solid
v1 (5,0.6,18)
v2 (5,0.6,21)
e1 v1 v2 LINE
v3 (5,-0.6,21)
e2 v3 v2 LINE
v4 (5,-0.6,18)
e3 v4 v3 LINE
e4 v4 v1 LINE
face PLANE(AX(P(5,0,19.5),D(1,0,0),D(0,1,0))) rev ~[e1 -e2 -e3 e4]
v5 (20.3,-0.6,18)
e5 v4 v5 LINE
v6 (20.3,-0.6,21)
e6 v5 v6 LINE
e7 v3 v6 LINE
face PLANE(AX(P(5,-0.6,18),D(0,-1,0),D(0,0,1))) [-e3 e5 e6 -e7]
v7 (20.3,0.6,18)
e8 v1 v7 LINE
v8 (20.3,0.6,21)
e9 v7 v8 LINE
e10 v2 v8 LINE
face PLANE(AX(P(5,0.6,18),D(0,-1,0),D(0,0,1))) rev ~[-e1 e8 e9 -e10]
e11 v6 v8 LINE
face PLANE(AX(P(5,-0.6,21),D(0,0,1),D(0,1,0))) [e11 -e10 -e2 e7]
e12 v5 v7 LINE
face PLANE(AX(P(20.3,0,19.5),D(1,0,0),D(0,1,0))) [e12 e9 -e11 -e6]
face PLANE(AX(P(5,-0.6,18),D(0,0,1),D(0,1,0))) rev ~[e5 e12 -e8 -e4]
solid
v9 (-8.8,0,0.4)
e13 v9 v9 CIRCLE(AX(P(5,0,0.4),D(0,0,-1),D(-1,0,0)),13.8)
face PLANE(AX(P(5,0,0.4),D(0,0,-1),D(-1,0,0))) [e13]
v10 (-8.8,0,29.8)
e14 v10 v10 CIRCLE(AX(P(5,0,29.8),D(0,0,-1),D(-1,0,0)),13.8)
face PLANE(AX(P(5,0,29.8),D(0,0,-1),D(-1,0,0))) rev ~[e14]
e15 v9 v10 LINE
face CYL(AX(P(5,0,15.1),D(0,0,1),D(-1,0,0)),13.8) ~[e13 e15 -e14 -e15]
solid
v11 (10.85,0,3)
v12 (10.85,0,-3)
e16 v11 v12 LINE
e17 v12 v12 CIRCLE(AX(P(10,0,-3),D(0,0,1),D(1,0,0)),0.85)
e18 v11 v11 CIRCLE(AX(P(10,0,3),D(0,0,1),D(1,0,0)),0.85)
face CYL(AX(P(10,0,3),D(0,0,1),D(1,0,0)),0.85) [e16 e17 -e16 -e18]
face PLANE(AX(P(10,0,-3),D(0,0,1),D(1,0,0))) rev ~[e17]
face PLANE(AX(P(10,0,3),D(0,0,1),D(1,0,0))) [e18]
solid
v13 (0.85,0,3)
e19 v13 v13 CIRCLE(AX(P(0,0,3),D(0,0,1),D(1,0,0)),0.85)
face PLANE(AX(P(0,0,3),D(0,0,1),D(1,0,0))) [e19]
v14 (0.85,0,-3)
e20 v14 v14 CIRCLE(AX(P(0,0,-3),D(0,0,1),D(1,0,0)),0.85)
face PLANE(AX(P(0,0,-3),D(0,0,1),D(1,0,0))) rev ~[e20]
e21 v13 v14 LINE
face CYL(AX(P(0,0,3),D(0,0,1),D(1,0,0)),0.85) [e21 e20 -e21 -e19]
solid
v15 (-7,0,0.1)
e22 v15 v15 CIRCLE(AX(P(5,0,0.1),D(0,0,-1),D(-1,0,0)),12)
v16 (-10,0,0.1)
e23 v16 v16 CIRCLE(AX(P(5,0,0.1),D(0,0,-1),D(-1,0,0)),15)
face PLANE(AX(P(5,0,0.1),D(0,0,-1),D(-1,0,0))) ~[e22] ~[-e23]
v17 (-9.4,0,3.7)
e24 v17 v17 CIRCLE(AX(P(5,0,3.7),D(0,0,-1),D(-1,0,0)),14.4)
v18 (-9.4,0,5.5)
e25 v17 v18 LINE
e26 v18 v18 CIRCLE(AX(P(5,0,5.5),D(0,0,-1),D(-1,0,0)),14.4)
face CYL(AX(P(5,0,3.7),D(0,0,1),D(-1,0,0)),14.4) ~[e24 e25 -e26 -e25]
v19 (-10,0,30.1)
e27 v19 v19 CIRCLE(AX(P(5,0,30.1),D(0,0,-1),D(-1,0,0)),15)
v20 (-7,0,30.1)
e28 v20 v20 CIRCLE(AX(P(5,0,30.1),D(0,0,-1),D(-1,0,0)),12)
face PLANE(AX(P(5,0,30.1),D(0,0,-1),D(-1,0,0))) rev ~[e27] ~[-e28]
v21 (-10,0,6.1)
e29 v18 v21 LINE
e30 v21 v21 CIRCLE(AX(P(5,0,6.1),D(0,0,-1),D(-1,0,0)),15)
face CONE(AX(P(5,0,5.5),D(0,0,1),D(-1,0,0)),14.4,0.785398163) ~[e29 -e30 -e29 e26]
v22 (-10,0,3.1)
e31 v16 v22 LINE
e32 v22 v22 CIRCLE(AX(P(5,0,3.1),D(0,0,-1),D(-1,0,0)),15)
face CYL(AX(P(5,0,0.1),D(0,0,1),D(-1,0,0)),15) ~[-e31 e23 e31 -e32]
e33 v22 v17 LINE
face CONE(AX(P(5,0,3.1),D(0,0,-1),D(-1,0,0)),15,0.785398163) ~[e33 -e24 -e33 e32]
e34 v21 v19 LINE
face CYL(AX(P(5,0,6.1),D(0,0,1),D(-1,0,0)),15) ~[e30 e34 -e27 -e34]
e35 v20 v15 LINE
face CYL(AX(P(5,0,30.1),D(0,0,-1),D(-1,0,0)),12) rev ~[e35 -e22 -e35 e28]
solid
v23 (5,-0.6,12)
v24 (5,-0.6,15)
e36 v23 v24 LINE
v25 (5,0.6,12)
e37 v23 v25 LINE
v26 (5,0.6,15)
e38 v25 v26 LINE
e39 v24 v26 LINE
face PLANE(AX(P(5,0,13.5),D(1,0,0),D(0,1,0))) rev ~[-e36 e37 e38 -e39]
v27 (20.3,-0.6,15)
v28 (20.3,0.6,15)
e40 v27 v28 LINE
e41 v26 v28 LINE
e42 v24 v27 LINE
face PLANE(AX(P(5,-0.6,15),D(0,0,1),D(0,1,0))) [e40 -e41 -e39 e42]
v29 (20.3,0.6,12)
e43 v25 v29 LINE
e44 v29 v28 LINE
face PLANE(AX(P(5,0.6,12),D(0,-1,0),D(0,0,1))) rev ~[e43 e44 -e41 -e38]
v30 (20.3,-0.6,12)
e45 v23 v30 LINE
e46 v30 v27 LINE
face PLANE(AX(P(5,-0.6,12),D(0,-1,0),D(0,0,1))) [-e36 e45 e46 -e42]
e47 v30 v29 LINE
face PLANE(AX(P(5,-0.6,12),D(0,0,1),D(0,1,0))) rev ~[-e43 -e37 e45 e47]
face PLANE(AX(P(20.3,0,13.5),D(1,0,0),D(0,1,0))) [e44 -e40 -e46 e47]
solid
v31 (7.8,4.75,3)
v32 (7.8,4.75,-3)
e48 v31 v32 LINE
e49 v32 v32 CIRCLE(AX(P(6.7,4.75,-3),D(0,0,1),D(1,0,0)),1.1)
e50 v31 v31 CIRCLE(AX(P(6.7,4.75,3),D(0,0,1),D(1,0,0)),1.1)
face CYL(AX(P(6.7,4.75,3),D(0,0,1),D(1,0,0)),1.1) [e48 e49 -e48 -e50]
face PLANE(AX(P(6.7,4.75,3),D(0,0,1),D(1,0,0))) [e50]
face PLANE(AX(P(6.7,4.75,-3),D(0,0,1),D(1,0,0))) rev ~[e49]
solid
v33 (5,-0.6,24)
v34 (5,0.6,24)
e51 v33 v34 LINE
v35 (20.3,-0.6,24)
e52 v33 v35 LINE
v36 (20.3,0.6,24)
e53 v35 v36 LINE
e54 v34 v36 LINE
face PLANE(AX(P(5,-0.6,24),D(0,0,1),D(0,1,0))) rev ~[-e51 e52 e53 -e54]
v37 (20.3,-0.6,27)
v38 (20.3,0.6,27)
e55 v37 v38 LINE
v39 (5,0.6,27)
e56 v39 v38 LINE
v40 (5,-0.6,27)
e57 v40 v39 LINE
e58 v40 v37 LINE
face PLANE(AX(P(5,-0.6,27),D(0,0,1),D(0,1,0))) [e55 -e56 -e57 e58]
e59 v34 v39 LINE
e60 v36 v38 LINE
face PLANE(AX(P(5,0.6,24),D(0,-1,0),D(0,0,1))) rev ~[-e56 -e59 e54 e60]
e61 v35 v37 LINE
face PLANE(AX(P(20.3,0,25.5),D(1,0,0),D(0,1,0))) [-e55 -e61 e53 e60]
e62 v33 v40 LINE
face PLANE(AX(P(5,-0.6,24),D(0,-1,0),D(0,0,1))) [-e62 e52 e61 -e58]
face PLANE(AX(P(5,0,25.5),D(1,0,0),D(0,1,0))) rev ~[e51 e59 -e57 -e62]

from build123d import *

# Parameters (mm, degrees)
SKETCH002_W   = 13.8
SKETCH002_H   = 29.4
SKETCH003_R   = 0.85
SKETCH003_R_2 = 1.1
PAD_DEPTH     = 6
SKETCH004_W   = 1.2
SKETCH004_H   = 3
PAD001_DEPTH  = 15.3


with BuildPart() as revolution:
    # Sketch → Revolution (revolve)
    with BuildSketch(Plane.XZ):
        Polygon((-10, 0.1), (-10, 3.1), (-9.4, 3.7), (-9.4, 5.5), (-10, 6.1), (-10, 30.1), (-7, 30.1), (-7, 0.1), align=None)
    revolve(axis=Axis((5, 0, 7.548619), (0, 0, -1)))


with BuildPart() as revolution001:
    # Sketch002 → Revolution001 (revolve)
    with BuildSketch(Plane.XZ):
        with Locations((-1.9, 15.1)):
            Rectangle(SKETCH002_W, SKETCH002_H)
    revolve(axis=Axis((5, 0, 4.680116), (0, 0, -1)))


with BuildPart() as pad:
    # Sketch003 → Pad (new body)
    with BuildSketch(Plane.XY.offset(3)):
        Circle(SKETCH003_R)
        with Locations((10, 0)):
            Circle(SKETCH003_R)
        with Locations((6.7, 4.75)):
            Circle(SKETCH003_R_2)
    extrude(amount=-PAD_DEPTH)


with BuildPart() as pad001:
    # Sketch004 → Pad001 (new body)
    with BuildSketch(Plane.YZ.offset(5)):
        with Locations((0, 13.5)):
            Rectangle(SKETCH004_W, SKETCH004_H)
        with Locations((0, 19.5)):
            Rectangle(SKETCH004_W, SKETCH004_H)
        with Locations((0, 25.5)):
            Rectangle(SKETCH004_W, SKETCH004_H)
    extrude(amount=PAD001_DEPTH)


solid = Compound([revolution.part, revolution001.part, pad.part, pad001.part])
